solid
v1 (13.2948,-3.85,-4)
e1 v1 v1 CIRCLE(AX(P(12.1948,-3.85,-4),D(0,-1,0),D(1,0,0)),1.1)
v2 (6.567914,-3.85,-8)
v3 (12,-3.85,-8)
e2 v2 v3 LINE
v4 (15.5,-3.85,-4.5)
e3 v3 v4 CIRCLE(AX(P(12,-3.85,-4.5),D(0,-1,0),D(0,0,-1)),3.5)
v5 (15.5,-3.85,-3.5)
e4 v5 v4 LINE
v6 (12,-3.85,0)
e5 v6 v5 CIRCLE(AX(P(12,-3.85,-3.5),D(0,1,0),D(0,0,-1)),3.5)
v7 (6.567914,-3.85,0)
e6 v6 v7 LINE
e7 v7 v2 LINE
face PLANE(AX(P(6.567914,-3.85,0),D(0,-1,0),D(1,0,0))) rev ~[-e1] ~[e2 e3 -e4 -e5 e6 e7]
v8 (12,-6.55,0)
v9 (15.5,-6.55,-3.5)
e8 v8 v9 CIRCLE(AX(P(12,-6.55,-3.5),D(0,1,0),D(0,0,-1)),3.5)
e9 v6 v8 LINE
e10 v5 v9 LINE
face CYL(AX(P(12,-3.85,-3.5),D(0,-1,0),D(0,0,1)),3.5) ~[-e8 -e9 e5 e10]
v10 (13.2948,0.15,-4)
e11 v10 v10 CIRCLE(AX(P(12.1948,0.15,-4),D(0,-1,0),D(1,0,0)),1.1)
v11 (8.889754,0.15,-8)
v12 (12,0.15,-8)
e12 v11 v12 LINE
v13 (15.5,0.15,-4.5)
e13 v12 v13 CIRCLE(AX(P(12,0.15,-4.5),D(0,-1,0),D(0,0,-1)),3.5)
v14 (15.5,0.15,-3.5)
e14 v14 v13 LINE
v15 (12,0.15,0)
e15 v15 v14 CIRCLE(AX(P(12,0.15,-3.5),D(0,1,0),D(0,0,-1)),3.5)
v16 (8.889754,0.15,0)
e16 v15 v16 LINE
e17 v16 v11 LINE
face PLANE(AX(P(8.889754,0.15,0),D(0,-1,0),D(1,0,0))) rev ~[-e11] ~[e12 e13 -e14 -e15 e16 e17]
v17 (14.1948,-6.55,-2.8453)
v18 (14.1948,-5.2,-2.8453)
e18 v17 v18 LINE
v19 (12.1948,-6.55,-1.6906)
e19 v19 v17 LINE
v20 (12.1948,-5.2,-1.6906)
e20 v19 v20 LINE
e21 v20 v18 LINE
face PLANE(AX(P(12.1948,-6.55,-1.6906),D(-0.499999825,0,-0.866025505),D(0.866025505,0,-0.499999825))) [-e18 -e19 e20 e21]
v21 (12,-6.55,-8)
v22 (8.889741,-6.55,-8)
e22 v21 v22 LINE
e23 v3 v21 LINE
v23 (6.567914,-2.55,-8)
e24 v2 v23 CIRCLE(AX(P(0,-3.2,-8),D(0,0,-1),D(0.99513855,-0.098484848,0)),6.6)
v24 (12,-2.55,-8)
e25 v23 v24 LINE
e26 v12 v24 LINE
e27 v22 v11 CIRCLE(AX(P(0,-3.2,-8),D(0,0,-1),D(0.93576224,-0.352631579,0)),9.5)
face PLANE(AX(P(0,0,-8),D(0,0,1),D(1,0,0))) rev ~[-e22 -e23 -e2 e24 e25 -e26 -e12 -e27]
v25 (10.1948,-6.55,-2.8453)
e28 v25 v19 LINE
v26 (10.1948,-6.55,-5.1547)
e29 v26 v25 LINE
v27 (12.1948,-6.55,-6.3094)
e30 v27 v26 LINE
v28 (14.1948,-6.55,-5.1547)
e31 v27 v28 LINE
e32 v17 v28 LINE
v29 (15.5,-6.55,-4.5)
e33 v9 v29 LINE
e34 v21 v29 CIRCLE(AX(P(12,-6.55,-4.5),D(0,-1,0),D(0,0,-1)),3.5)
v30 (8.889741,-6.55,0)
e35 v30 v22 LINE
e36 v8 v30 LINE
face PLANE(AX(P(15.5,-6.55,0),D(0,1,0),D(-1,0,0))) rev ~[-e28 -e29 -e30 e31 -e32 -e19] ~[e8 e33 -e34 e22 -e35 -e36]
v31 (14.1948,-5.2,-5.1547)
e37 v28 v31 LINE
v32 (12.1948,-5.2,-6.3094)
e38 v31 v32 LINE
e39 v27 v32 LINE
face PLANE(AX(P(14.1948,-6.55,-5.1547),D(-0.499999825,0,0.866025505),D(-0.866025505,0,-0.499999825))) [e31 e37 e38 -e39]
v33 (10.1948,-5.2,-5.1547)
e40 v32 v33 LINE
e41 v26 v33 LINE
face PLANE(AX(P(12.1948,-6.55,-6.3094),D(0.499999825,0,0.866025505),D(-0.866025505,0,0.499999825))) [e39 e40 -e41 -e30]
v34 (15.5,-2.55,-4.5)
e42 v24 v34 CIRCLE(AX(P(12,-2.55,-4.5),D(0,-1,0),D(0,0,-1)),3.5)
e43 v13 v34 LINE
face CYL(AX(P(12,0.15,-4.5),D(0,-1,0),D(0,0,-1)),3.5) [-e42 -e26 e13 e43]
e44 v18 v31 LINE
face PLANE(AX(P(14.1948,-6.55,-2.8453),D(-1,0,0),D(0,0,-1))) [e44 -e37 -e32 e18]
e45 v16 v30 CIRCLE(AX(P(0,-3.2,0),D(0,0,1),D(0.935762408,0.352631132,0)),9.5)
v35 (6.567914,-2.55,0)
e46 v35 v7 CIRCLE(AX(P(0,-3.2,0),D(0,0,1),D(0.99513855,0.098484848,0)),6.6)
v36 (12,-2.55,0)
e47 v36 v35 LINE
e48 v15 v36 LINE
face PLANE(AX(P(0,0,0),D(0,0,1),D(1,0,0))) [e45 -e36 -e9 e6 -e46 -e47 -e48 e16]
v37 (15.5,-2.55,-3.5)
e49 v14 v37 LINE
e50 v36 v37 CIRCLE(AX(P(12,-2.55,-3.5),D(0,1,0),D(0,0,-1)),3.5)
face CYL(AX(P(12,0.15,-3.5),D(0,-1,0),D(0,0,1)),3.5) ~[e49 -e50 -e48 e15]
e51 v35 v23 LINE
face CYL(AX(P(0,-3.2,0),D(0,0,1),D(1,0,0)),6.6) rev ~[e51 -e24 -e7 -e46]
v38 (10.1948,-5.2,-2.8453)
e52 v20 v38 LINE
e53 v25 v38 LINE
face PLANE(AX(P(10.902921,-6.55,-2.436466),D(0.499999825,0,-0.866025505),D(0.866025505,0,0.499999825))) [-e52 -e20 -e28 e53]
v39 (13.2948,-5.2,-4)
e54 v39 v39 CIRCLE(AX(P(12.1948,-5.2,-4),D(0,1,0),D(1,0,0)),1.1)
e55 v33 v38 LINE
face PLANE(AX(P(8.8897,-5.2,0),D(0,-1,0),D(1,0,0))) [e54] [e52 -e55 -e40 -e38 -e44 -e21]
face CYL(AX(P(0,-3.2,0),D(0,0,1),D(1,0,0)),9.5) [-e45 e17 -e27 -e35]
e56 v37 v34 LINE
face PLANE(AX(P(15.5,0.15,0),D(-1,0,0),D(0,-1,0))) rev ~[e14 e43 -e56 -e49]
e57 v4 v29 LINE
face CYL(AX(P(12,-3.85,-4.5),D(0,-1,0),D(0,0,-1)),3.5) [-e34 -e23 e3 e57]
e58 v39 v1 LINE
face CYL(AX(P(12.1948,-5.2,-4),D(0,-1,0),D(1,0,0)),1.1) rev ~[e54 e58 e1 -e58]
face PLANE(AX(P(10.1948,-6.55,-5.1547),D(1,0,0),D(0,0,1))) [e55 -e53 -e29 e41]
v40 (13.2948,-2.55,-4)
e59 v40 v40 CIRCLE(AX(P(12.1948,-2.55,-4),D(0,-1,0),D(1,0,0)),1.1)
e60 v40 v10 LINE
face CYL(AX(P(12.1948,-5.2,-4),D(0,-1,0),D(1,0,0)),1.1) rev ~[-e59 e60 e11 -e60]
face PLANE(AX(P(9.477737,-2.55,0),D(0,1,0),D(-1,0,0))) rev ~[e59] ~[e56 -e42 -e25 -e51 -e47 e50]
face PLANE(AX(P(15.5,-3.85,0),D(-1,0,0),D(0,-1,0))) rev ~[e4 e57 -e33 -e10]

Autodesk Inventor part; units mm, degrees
ref_plane "YZ Plane" through (0, 0, 0) normal (1, 0, 0) x (0, 1, 0)
ref_plane "XZ Plane" through (0, 0, 0) normal (0, 1, 0) x (-1, 0, 0)
ref_plane "XY Plane" through (0, 0, 0) normal (0, 0, 1) x (1, 0, 0)
sketch "Boceto1" plane through (0, 0, 0) normal (0, 0, 1) x (1, 0, 0)
  circle A0 centre (0, -3.2) radius 3.2 projected
  circle A1 centre (0, -3.2) radius 6.5 projected
  circle A2 centre (0, -3.2) radius 9.5
  circle A3 centre (0, -3.2) radius 6.6
  line L0 (5.5183, 0.15) -> (15.5, 0.15)
  line L1 (15.5, 0.15) -> (15.5, -2.55)
  line L2 (15.5, -2.55) -> (5.5183, -2.55)
  line L3 (5.5183, -2.55) -> (5.5183, 0.15)
  line L4 (5.5183, -3.85) -> (15.5, -3.85)
  line L5 (15.5, -3.85) -> (15.5, -6.55)
  line L6 (15.5, -6.55) -> (5.5183, -6.55)
  line L7 (5.5183, -6.55) -> (5.5183, -3.85)
  line L8 (0, -3.2) -> (15.5144, -3.2)
  line L9 (9.5, -3.2) -> (9.5, 8.1404)
  arc A4 (9.2965, -1.2441) -> (-9.2965, -1.2441) centre (0, -3.2) ccw projected
  point P0 (0, 0)
  point P1 (8.8897, 0.15)
  point P2 (8.8897, -6.55)
  point P3 (6.4674, -3.85)
  point P4 (5.5702, -6.55)
  point P5 (5.6866, -6.55)
  point P6 (6.5679, -2.55)
  point P7 (6.5679, -3.85)
  dimension "d0" = 0.1
  dimension "d1" = 6
  dimension "d2" = 1.3
  dimension "d3" = 2.7
extrude "Extrusión1" add sketch "Boceto1" against normal blind 8 contours A3 L0 A2 L2 | L4 A2 L6 A3 | A3 L6 A2 L0 | A2 L0 L9 L2 | L4 L5 L6 A2 | L9 L0 L1 L2
sketch "Boceto2" plane through (8.8897, -6.55, 0) normal (0, -1, 0) x (1, 0, 0)
  line L0 (0, 0) -> (6.6103, 0) projected
  line L1 (0, 0) -> (0, -8) projected
  line L2 (6.6103, -8) -> (0, -8) projected
  line L3 (6.6103, 0) -> (6.6103, -8) projected
  line L4 (0, 0) -> (0, -8) projected
  line L5 (6.6103, 0) -> (6.6103, -8) projected
  line L6 (0, 0) -> (6.6103, -8)
  line L7 (1.3051, -2.8453) -> (3.3051, -1.6906)
  line L8 (3.3051, -1.6906) -> (5.3051, -2.8453)
  line L9 (5.3051, -2.8453) -> (5.3051, -5.1547)
  line L10 (5.3051, -5.1547) -> (3.3051, -6.3094)
  line L11 (3.3051, -6.3094) -> (1.3051, -5.1547)
  line L12 (1.3051, -5.1547) -> (1.3051, -2.8453)
  point P0 (-8.8897, 0)
  point P1 (3.3051, -4)
  dimension "d6" = 4
extrude "Extrusión2" cut sketch "Boceto2" against normal blind 1.35 contours L7 L8 L9 L10 L6 | L6 L10 L11 L12 L7
sketch "Boceto3" plane through (8.8897, -5.2, 0) normal (0, -1, 0) x (1, 0, 0)
  line L0 (3.3051, -6.3094) -> (1.3051, -5.1547) projected
  line L1 (5.3051, -2.8453) -> (1.3051, -5.1547)
  circle A0 centre (3.3051, -4) radius 1.1
  point P0 (-8.8897, 0)
  dimension "d9" = 2.2
extrude "Extrusión3" cut sketch "Boceto3" against normal through all
fillet "Empalme1" radius 3.5 4 edges at (15.5, -1.2, -8) (15.5, -5.2, -8) (15.5, -5.2, 0) (15.5, -1.2, 0)
properties part number "Cierre"
